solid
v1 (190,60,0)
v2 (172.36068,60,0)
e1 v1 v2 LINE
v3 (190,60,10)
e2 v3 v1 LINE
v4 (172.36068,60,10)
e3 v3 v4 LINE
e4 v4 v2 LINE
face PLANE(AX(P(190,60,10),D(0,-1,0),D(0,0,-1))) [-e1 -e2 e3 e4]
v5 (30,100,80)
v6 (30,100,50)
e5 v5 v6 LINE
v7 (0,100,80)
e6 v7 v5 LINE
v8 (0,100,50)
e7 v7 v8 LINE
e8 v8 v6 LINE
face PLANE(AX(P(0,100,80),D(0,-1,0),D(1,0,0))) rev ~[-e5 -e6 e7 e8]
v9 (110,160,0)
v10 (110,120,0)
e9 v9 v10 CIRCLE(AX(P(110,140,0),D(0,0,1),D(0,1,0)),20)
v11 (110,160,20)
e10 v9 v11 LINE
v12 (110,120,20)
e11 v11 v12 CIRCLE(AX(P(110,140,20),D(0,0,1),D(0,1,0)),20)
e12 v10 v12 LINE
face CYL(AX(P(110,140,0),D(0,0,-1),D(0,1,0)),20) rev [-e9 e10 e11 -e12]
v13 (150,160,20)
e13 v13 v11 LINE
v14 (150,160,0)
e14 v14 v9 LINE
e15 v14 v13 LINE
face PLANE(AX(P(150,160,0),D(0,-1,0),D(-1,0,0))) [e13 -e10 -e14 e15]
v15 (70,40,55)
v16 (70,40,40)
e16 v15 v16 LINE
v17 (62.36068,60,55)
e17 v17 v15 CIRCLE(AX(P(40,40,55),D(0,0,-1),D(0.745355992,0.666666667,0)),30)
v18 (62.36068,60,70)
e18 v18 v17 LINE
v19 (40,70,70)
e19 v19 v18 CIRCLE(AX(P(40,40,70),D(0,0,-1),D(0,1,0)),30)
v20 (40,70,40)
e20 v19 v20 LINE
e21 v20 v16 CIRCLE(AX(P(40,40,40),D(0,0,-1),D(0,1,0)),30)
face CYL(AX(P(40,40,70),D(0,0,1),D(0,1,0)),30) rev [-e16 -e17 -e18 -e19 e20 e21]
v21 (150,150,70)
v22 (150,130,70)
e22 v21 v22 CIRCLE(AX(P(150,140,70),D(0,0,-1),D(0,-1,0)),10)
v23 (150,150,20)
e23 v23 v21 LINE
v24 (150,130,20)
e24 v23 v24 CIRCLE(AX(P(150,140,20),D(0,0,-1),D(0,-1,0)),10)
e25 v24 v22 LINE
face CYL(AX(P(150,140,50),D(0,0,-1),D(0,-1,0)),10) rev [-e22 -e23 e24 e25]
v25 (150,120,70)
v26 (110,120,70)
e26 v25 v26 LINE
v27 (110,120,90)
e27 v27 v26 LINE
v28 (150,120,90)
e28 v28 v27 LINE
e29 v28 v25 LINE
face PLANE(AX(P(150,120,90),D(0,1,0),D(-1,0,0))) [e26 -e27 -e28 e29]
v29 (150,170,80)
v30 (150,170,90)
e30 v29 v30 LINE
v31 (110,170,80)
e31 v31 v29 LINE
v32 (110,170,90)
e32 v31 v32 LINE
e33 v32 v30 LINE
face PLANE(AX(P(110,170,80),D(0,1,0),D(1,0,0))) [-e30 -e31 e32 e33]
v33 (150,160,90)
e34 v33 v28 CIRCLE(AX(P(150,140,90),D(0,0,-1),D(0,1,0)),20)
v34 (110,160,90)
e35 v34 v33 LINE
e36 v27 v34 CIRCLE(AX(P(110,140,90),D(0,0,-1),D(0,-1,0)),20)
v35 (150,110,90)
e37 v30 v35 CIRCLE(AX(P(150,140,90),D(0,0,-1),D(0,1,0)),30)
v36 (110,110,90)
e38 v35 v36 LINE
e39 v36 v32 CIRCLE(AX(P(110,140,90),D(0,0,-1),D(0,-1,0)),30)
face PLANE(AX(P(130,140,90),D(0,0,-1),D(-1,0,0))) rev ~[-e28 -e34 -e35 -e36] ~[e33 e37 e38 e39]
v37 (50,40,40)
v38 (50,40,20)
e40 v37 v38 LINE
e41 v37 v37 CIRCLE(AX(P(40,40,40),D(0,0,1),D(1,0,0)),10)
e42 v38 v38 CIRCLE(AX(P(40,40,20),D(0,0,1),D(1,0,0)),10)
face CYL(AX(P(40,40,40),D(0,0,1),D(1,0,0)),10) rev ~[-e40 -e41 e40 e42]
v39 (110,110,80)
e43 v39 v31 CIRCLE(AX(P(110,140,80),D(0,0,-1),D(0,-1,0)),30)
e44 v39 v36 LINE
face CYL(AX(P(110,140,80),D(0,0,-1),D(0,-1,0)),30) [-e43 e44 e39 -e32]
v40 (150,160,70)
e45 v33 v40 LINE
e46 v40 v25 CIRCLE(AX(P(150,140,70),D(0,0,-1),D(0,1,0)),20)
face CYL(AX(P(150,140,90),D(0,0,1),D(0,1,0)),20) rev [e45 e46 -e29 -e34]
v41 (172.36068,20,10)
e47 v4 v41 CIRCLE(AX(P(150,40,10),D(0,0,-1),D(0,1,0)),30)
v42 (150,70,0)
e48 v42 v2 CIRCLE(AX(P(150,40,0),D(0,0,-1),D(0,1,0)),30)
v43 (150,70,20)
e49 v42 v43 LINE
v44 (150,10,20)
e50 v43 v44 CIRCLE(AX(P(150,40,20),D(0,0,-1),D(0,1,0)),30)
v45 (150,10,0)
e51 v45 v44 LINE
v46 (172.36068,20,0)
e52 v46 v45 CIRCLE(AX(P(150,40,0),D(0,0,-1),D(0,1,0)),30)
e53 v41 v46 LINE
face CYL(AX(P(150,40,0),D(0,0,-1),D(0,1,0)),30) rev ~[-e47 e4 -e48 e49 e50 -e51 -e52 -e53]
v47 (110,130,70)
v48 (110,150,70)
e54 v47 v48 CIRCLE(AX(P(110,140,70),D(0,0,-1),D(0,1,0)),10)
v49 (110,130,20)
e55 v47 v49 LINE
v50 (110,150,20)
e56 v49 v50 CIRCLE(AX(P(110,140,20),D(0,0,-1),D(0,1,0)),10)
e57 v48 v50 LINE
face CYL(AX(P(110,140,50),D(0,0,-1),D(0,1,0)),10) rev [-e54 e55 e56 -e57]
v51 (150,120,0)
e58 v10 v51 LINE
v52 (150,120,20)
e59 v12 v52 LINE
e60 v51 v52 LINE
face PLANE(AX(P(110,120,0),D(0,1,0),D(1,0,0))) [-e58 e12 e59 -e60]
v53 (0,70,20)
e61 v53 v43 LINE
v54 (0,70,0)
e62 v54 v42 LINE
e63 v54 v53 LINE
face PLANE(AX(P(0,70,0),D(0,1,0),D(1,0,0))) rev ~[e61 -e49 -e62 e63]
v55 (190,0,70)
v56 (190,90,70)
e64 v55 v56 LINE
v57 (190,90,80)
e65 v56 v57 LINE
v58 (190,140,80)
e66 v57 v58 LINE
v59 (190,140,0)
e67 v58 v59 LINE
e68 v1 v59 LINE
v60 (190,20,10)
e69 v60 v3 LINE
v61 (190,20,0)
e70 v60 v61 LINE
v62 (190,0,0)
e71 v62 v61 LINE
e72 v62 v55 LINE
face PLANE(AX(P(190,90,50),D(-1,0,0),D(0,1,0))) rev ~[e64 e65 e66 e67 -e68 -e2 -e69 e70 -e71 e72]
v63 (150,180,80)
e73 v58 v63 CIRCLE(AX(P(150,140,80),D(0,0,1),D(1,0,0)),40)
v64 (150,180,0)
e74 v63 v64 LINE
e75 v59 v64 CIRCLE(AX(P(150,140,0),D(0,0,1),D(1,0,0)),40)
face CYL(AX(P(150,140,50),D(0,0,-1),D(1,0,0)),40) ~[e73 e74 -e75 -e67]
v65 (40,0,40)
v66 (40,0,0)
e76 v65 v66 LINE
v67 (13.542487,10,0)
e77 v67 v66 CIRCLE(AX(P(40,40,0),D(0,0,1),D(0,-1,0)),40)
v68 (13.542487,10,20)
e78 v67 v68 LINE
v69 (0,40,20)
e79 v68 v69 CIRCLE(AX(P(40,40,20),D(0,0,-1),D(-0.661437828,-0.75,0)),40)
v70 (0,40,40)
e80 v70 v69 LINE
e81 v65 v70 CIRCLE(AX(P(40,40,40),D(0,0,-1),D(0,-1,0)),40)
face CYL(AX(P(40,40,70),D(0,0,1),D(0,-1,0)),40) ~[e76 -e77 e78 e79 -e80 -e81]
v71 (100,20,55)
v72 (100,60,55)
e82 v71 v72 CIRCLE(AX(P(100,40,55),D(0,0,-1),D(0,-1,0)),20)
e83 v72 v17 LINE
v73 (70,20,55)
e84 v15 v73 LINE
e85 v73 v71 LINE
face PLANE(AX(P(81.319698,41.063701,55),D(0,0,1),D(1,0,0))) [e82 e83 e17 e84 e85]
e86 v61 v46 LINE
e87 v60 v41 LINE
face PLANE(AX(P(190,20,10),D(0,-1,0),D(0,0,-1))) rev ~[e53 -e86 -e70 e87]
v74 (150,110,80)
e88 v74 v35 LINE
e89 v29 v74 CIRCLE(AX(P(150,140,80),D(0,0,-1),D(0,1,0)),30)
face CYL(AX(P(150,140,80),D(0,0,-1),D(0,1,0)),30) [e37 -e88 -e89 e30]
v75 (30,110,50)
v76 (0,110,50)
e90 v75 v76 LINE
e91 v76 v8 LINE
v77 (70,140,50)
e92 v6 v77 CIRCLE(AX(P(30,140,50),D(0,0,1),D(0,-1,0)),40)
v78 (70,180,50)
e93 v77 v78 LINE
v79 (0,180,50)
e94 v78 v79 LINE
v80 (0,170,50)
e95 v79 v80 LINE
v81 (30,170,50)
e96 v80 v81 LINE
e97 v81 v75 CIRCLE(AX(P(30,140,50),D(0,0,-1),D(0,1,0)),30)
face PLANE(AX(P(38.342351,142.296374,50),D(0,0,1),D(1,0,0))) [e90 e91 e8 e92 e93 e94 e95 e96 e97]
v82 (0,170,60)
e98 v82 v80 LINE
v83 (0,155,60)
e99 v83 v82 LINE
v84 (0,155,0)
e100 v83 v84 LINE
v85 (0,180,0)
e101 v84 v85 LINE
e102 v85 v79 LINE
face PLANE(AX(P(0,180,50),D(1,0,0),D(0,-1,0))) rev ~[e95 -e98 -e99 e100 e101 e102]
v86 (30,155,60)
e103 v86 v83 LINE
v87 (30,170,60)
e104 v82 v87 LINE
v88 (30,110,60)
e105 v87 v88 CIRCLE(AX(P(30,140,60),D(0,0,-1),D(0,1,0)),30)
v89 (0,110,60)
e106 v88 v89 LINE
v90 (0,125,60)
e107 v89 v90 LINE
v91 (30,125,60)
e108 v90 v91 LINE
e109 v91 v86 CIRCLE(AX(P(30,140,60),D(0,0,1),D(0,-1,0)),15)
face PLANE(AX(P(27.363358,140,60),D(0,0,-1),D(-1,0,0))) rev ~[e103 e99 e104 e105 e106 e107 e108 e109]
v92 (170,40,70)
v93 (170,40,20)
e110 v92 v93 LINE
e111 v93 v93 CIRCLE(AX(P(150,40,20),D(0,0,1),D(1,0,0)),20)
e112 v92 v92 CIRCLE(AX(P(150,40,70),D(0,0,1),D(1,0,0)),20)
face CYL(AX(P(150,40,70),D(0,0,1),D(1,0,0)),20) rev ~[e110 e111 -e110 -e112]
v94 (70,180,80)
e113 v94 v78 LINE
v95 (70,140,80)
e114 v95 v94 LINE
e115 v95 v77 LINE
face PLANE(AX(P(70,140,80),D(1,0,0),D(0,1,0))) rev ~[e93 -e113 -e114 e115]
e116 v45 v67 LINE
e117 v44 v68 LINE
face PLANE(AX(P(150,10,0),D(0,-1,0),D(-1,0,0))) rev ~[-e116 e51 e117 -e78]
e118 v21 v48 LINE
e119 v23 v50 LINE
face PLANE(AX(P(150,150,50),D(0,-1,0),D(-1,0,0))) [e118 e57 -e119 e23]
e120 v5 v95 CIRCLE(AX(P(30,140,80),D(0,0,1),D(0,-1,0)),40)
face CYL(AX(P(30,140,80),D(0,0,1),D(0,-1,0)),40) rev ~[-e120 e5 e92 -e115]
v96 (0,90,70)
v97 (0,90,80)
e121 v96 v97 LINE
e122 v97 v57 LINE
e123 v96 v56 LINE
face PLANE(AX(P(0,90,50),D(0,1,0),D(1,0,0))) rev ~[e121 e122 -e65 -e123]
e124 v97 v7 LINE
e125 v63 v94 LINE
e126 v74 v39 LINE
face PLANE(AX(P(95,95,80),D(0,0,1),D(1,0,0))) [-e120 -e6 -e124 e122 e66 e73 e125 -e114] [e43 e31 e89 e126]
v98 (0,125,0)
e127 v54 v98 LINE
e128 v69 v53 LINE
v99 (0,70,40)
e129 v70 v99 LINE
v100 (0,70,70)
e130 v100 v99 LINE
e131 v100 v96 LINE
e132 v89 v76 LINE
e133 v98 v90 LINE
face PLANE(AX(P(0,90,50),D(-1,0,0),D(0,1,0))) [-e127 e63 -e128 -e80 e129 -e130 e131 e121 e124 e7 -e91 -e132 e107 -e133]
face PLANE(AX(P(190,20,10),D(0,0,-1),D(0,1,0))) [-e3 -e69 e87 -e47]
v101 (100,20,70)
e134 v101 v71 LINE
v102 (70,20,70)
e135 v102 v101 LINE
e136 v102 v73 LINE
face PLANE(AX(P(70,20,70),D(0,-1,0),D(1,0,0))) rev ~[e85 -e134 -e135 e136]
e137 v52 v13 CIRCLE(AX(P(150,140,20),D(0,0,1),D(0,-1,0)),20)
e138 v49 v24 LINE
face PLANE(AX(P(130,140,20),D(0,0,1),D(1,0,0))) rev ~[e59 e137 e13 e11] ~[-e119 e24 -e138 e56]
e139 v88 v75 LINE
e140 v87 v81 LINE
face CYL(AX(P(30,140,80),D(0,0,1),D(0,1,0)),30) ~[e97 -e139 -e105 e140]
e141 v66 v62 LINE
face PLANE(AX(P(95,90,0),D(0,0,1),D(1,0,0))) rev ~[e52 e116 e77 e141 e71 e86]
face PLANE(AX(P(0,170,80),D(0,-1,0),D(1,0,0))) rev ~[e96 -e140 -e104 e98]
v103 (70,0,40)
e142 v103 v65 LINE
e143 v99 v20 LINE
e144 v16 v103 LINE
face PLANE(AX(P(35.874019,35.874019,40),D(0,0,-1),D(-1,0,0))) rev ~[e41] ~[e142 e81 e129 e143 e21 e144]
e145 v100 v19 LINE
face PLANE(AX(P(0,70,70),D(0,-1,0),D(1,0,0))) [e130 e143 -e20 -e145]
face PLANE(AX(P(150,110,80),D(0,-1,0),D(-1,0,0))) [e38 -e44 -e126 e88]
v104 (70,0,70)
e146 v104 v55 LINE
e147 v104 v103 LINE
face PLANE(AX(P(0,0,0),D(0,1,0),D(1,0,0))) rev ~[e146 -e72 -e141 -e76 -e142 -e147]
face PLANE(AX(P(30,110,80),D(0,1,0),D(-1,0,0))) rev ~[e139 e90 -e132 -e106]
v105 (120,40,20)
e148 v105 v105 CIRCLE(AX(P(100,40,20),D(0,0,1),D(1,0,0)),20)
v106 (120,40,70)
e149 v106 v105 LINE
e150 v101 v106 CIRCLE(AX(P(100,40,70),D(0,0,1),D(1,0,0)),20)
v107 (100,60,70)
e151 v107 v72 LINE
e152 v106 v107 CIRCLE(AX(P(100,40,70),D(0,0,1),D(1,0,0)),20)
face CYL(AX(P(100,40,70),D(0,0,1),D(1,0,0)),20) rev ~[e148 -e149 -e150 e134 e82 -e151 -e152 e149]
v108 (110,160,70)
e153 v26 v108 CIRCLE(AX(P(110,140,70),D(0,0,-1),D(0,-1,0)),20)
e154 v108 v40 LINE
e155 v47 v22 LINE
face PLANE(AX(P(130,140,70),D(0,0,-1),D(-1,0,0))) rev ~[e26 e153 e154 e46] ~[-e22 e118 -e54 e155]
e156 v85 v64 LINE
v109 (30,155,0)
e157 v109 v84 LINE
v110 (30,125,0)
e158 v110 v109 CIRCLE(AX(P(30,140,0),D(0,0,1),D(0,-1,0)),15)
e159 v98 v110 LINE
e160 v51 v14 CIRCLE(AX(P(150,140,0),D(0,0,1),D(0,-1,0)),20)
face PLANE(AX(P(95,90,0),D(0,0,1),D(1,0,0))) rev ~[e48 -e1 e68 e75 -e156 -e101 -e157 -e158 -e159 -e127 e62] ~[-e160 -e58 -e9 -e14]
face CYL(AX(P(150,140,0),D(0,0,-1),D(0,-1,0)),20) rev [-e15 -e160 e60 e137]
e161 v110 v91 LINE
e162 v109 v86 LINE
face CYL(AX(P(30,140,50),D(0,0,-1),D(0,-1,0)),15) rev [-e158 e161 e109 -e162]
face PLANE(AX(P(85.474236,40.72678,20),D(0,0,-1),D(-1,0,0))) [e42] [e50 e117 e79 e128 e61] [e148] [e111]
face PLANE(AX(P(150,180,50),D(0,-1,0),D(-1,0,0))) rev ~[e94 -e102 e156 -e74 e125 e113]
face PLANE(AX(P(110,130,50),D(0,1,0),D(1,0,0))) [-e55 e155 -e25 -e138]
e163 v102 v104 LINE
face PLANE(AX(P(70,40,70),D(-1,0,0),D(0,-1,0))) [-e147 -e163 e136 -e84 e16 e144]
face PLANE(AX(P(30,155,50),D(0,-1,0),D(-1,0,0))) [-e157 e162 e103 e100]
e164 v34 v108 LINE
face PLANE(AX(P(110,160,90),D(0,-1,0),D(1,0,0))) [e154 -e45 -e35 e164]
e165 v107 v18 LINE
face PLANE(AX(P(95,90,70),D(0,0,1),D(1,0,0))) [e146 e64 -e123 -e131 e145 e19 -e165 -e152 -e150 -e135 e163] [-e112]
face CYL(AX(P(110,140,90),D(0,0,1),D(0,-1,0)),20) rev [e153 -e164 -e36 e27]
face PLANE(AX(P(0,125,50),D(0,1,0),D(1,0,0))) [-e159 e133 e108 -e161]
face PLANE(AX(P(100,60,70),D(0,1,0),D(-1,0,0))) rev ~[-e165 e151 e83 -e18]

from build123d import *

# Parameters (mm, degrees)
SKETCH1_W           = 190
SKETCH1_H           = 180
BOSS_EXTRUDE1_DEPTH = 70
CUT_EXTRUDE1_DEPTH  = 70
CUT_EXTRUDE2_DEPTH  = 20
CUT_EXTRUDE4_DEPTH  = 116
CUT_EXTRUDE5_DEPTH  = 116
SKETCH6_W           = 20
SKETCH6_H           = 90
CUT_EXTRUDE6_DEPTH  = 242
BOSS_EXTRUDE2_DEPTH = 10
CUT_EXTRUDE12_DEPTH = 20
BOSS_EXTRUDE4_DEPTH = 10
BOSS_EXTRUDE5_DEPTH = 30
CUT_EXTRUDE13_DEPTH = 10
SKETCH15_W          = 190
SKETCH15_H          = 10
BOSS_EXTRUDE6_DEPTH = 30
CUT_EXTRUDE14_DEPTH = 30
BOSS_EXTRUDE7_DEPTH = 30
BOSS_EXTRUDE8_DEPTH = 10
CUT_EXTRUDE15_DEPTH = 20
CUT_EXTRUDE16_DEPTH = 62
CUT_EXTRUDE17_DEPTH = 30
CUT_EXTRUDE18_DEPTH = 15
SKETCH25_R          = 20
CUT_EXTRUDE19_DEPTH = 50
SKETCH26_R          = 10
CUT_EXTRUDE20_DEPTH = 20
CUT_EXTRUDE21_DEPTH = 20
SKETCH28_W          = 10
SKETCH28_H          = 40
CUT_EXTRUDE22_DEPTH = 59


with BuildPart() as part:
    # Sketch1 → Boss-Extrude1 (new body)
    with BuildSketch(Plane.XY):
        with Locations((95, 90)):
            Rectangle(SKETCH1_W, SKETCH1_H)
    extrude(amount=BOSS_EXTRUDE1_DEPTH)

    # Sketch2 → Cut-Extrude1 (cut)
    with BuildSketch(Plane(origin=(0, 0, 0), x_dir=(-1, 0, 0), z_dir=(0, 0, -1))):
        with BuildLine():
            Line((-150, 150), (-110, 150))
            ThreePointArc((-110, 150), (-100, 140), (-110, 130))
            Line((-110, 130), (-150, 130))
            ThreePointArc((-150, 130), (-160, 140), (-150, 150))
        make_face()
    extrude(amount=-CUT_EXTRUDE1_DEPTH, mode=Mode.SUBTRACT)

    # Sketch3 → Cut-Extrude2 (cut)
    with BuildSketch(Plane(origin=(0, 0, 0), x_dir=(-1, 0, 0), z_dir=(0, 0, -1))):
        with BuildLine():
            Line((-110, 120), (-150, 120))
            ThreePointArc((-150, 120), (-170, 140), (-150, 160))
            Line((-150, 160), (-110, 160))
            ThreePointArc((-110, 160), (-90, 140), (-110, 120))
        make_face()
    extrude(amount=-CUT_EXTRUDE2_DEPTH, mode=Mode.SUBTRACT)

    # Sketch4 → Cut-Extrude4 (cut)
    with BuildSketch(Plane.XY.offset(70)):
        with BuildLine():
            Line((150, 180), (190, 180))
            Line((190, 180), (190, 140))
            ThreePointArc((190, 140), (178.284271247, 168.284271247), (150, 180))
        make_face()
        with BuildLine():
            Line((0, 40), (0, 0))
            Line((0, 0), (40, 0))
            ThreePointArc((40, 0), (11.715728753, 11.715728753), (0, 40))
        make_face()
    extrude(amount=-CUT_EXTRUDE4_DEPTH, mode=Mode.SUBTRACT)

    # Sketch5 → Cut-Extrude5 (cut)
    with BuildSketch(Plane.XY.offset(70)):
        with BuildLine():
            Line((30, 155), (0, 155))
            Line((0, 155), (0, 125))
            Line((0, 125), (30, 125))
            ThreePointArc((30, 125), (45, 140), (30, 155))
        make_face()
    extrude(amount=-CUT_EXTRUDE5_DEPTH, mode=Mode.SUBTRACT)

    # Sketch6 → Cut-Extrude6 (cut)
    with BuildSketch(Plane.ZY):
        with Locations((60, 135)):
            Rectangle(SKETCH6_W, SKETCH6_H)
    extrude(amount=-CUT_EXTRUDE6_DEPTH, mode=Mode.SUBTRACT)

    # Sketch7 → Boss-Extrude2 (add)
    with BuildSketch(Plane.XY.offset(50)):
        with BuildLine():
            Line((150, 110), (110, 110))
            ThreePointArc((110, 110), (80, 140), (110, 170))
            Line((110, 170), (150, 170))
            ThreePointArc((150, 170), (180, 140), (150, 110))
        make_face()
    extrude(amount=BOSS_EXTRUDE2_DEPTH)

    # Sketch11 → Cut-Extrude12 (cut)
    with BuildSketch(Plane(origin=(0, 0, 50), x_dir=(-1, 0, 0), z_dir=(0, 0, -1))):
        with BuildLine():
            Line((-150, 150), (-110, 150))
            ThreePointArc((-110, 150), (-100, 140), (-110, 130))
            Line((-110, 130), (-150, 130))
            ThreePointArc((-150, 130), (-160, 140), (-150, 150))
        make_face()
    extrude(amount=-CUT_EXTRUDE12_DEPTH, mode=Mode.SUBTRACT)

    # Sketch12 → Boss-Extrude4 (add)
    with BuildSketch(Plane.XY.offset(50)):
        with BuildLine():
            Line((30, 155), (0, 155))
            Line((0, 155), (0, 170))
            Line((0, 170), (30, 170))
            ThreePointArc((30, 170), (60, 140), (30, 110))
            Line((30, 110), (0, 110))
            Line((0, 110), (0, 125))
            Line((0, 125), (30, 125))
            ThreePointArc((30, 125), (45, 140), (30, 155))
        make_face()
    extrude(amount=BOSS_EXTRUDE4_DEPTH)

    # Sketch13 → Boss-Extrude5 (add)
    with BuildSketch(Plane.XY.offset(50)):
        with BuildLine():
            Line((150, 180), (0, 180))
            Line((0, 180), (0, 170))
            Line((0, 170), (30, 170))
            ThreePointArc((30, 170), (60, 140), (30, 110))
            Line((30, 110), (0, 110))
            Line((0, 110), (0, 100))
            Line((0, 100), (190, 100))
            Line((190, 100), (190, 140))
            ThreePointArc((190, 140), (178.284271247, 168.284271247), (150, 180))
        make_face()
        with BuildLine():
            ThreePointArc((110, 110), (80, 140), (110, 170))
            Line((110, 170), (150, 170))
            ThreePointArc((150, 170), (180, 140), (150, 110))
            Line((150, 110), (110, 110))
        make_face(mode=Mode.SUBTRACT)
    extrude(amount=BOSS_EXTRUDE5_DEPTH)

    # Sketch14 → Cut-Extrude13 (cut)
    with BuildSketch(Plane.XY.offset(60)):
        with BuildLine():
            Line((110, 170), (150, 170))
            ThreePointArc((150, 170), (180, 140), (150, 110))
            Line((150, 110), (110, 110))
            ThreePointArc((110, 110), (80, 140), (110, 170))
        make_face()
    extrude(amount=-CUT_EXTRUDE13_DEPTH, mode=Mode.SUBTRACT)

    # Sketch15 → Boss-Extrude6 (add)
    with BuildSketch(Plane.XY.offset(50)):
        with Locations((95, 95)):
            Rectangle(SKETCH15_W, SKETCH15_H)
    extrude(amount=BOSS_EXTRUDE6_DEPTH)

    # Sketch16 → Cut-Extrude14 (cut)
    with BuildSketch(Plane.XY.offset(80)):
        with BuildLine():
            Line((0, 180), (0, 170))
            Line((0, 170), (30, 170))
            ThreePointArc((30, 170), (60, 140), (30, 110))
            Line((30, 110), (0, 110))
            Line((0, 110), (0, 100))
            Line((0, 100), (30, 100))
            ThreePointArc((30, 100), (58.284271247, 111.715728753), (70, 140))
            Line((70, 140), (70, 180))
            Line((70, 180), (0, 180))
        make_face()
    extrude(amount=-CUT_EXTRUDE14_DEPTH, mode=Mode.SUBTRACT)

    # Sketch18 → Boss-Extrude7 (add)
    with BuildSketch(Plane.XY.offset(50)):
        with BuildLine():
            Line((150, 110), (110, 110))
            ThreePointArc((110, 110), (80, 140), (110, 170))
            Line((110, 170), (150, 170))
            ThreePointArc((150, 170), (180, 140), (150, 110))
        make_face()
    extrude(amount=BOSS_EXTRUDE7_DEPTH)

    # Sketch20 → Boss-Extrude8 (add)
    with BuildSketch(Plane.XY.offset(80)):
        with BuildLine():
            Line((110, 170), (150, 170))
            ThreePointArc((150, 170), (180, 140), (150, 110))
            Line((150, 110), (110, 110))
            ThreePointArc((110, 110), (80, 140), (110, 170))
        make_face()
    extrude(amount=BOSS_EXTRUDE8_DEPTH)

    # Sketch21 → Cut-Extrude15 (cut)
    with BuildSketch(Plane.XY.offset(90)):
        with BuildLine():
            Line((110, 160), (150, 160))
            ThreePointArc((150, 160), (170, 140), (150, 120))
            Line((150, 120), (110, 120))
            ThreePointArc((110, 120), (90, 140), (110, 160))
        make_face()
    extrude(amount=-CUT_EXTRUDE15_DEPTH, mode=Mode.SUBTRACT)

    # Sketch22 → Cut-Extrude16 (cut)
    with BuildSketch(Plane(origin=(0, 0, 50), x_dir=(-1, 0, 0), z_dir=(0, 0, -1))):
        with BuildLine():
            Line((-150, 150), (-110, 150))
            ThreePointArc((-110, 150), (-100, 140), (-110, 130))
            Line((-110, 130), (-150, 130))
            ThreePointArc((-150, 130), (-160, 140), (-150, 150))
        make_face()
    extrude(amount=-CUT_EXTRUDE16_DEPTH, mode=Mode.SUBTRACT)

    # Sketch23 → Cut-Extrude17 (cut)
    with BuildSketch(Plane.XY.offset(70)):
        with BuildLine():
            Line((0, 40), (0, 70))
            Line((0, 70), (40, 70))
            ThreePointArc((40, 70), (61.213203436, 61.213203436), (70, 40))
            Line((70, 40), (70, 0))
            Line((70, 0), (40, 0))
            ThreePointArc((40, 0), (11.715728753, 11.715728753), (0, 40))
        make_face()
    extrude(amount=-CUT_EXTRUDE17_DEPTH, mode=Mode.SUBTRACT)

    # Sketch24 → Cut-Extrude18 (cut)
    with BuildSketch(Plane.XY.offset(70)):
        with BuildLine():
            ThreePointArc((100, 20), (80, 40), (100, 60))
            Line((100, 60), (62.360679775, 60))
            ThreePointArc((62.360679775, 60), (68.025170769, 50.704662693), (70, 40))
            Line((70, 40), (70, 20))
            Line((70, 20), (100, 20))
        make_face()
    extrude(amount=-CUT_EXTRUDE18_DEPTH, mode=Mode.SUBTRACT)

    # Sketch25 → Cut-Extrude19 (cut)
    with BuildSketch(Plane.XY.offset(70)):
        with Locations((100, 40)):
            Circle(SKETCH25_R)
        with Locations((150, 40)):
            Circle(SKETCH25_R)
    extrude(amount=-CUT_EXTRUDE19_DEPTH, mode=Mode.SUBTRACT)

    # Sketch26 → Cut-Extrude20 (cut)
    with BuildSketch(Plane.XY.offset(40)):
        with Locations((40, 40)):
            Circle(SKETCH26_R)
    extrude(amount=-CUT_EXTRUDE20_DEPTH, mode=Mode.SUBTRACT)

    # Sketch27 → Cut-Extrude21 (cut)
    with BuildSketch(Plane(origin=(0, 0, 0), x_dir=(-1, 0, 0), z_dir=(0, 0, -1))):
        with BuildLine():
            Line((0, 40), (0, 70))
            Line((0, 70), (-150, 70))
            ThreePointArc((-150, 70), (-180, 40), (-150, 10))
            Line((-150, 10), (-13.542486889, 10))
            ThreePointArc((-13.542486889, 10), (-3.542486889, 23.542486889), (0, 40))
        make_face()
    extrude(amount=-CUT_EXTRUDE21_DEPTH, mode=Mode.SUBTRACT)

    # Sketch28 → Cut-Extrude22 (cut)
    with BuildSketch(Plane(origin=(190, 0, 0), x_dir=(0, 0, -1), z_dir=(1, 0, 0))):
        with Locations((-5, 40)):
            Rectangle(SKETCH28_W, SKETCH28_H)
    extrude(amount=-CUT_EXTRUDE22_DEPTH, mode=Mode.SUBTRACT)


solid = part.part
